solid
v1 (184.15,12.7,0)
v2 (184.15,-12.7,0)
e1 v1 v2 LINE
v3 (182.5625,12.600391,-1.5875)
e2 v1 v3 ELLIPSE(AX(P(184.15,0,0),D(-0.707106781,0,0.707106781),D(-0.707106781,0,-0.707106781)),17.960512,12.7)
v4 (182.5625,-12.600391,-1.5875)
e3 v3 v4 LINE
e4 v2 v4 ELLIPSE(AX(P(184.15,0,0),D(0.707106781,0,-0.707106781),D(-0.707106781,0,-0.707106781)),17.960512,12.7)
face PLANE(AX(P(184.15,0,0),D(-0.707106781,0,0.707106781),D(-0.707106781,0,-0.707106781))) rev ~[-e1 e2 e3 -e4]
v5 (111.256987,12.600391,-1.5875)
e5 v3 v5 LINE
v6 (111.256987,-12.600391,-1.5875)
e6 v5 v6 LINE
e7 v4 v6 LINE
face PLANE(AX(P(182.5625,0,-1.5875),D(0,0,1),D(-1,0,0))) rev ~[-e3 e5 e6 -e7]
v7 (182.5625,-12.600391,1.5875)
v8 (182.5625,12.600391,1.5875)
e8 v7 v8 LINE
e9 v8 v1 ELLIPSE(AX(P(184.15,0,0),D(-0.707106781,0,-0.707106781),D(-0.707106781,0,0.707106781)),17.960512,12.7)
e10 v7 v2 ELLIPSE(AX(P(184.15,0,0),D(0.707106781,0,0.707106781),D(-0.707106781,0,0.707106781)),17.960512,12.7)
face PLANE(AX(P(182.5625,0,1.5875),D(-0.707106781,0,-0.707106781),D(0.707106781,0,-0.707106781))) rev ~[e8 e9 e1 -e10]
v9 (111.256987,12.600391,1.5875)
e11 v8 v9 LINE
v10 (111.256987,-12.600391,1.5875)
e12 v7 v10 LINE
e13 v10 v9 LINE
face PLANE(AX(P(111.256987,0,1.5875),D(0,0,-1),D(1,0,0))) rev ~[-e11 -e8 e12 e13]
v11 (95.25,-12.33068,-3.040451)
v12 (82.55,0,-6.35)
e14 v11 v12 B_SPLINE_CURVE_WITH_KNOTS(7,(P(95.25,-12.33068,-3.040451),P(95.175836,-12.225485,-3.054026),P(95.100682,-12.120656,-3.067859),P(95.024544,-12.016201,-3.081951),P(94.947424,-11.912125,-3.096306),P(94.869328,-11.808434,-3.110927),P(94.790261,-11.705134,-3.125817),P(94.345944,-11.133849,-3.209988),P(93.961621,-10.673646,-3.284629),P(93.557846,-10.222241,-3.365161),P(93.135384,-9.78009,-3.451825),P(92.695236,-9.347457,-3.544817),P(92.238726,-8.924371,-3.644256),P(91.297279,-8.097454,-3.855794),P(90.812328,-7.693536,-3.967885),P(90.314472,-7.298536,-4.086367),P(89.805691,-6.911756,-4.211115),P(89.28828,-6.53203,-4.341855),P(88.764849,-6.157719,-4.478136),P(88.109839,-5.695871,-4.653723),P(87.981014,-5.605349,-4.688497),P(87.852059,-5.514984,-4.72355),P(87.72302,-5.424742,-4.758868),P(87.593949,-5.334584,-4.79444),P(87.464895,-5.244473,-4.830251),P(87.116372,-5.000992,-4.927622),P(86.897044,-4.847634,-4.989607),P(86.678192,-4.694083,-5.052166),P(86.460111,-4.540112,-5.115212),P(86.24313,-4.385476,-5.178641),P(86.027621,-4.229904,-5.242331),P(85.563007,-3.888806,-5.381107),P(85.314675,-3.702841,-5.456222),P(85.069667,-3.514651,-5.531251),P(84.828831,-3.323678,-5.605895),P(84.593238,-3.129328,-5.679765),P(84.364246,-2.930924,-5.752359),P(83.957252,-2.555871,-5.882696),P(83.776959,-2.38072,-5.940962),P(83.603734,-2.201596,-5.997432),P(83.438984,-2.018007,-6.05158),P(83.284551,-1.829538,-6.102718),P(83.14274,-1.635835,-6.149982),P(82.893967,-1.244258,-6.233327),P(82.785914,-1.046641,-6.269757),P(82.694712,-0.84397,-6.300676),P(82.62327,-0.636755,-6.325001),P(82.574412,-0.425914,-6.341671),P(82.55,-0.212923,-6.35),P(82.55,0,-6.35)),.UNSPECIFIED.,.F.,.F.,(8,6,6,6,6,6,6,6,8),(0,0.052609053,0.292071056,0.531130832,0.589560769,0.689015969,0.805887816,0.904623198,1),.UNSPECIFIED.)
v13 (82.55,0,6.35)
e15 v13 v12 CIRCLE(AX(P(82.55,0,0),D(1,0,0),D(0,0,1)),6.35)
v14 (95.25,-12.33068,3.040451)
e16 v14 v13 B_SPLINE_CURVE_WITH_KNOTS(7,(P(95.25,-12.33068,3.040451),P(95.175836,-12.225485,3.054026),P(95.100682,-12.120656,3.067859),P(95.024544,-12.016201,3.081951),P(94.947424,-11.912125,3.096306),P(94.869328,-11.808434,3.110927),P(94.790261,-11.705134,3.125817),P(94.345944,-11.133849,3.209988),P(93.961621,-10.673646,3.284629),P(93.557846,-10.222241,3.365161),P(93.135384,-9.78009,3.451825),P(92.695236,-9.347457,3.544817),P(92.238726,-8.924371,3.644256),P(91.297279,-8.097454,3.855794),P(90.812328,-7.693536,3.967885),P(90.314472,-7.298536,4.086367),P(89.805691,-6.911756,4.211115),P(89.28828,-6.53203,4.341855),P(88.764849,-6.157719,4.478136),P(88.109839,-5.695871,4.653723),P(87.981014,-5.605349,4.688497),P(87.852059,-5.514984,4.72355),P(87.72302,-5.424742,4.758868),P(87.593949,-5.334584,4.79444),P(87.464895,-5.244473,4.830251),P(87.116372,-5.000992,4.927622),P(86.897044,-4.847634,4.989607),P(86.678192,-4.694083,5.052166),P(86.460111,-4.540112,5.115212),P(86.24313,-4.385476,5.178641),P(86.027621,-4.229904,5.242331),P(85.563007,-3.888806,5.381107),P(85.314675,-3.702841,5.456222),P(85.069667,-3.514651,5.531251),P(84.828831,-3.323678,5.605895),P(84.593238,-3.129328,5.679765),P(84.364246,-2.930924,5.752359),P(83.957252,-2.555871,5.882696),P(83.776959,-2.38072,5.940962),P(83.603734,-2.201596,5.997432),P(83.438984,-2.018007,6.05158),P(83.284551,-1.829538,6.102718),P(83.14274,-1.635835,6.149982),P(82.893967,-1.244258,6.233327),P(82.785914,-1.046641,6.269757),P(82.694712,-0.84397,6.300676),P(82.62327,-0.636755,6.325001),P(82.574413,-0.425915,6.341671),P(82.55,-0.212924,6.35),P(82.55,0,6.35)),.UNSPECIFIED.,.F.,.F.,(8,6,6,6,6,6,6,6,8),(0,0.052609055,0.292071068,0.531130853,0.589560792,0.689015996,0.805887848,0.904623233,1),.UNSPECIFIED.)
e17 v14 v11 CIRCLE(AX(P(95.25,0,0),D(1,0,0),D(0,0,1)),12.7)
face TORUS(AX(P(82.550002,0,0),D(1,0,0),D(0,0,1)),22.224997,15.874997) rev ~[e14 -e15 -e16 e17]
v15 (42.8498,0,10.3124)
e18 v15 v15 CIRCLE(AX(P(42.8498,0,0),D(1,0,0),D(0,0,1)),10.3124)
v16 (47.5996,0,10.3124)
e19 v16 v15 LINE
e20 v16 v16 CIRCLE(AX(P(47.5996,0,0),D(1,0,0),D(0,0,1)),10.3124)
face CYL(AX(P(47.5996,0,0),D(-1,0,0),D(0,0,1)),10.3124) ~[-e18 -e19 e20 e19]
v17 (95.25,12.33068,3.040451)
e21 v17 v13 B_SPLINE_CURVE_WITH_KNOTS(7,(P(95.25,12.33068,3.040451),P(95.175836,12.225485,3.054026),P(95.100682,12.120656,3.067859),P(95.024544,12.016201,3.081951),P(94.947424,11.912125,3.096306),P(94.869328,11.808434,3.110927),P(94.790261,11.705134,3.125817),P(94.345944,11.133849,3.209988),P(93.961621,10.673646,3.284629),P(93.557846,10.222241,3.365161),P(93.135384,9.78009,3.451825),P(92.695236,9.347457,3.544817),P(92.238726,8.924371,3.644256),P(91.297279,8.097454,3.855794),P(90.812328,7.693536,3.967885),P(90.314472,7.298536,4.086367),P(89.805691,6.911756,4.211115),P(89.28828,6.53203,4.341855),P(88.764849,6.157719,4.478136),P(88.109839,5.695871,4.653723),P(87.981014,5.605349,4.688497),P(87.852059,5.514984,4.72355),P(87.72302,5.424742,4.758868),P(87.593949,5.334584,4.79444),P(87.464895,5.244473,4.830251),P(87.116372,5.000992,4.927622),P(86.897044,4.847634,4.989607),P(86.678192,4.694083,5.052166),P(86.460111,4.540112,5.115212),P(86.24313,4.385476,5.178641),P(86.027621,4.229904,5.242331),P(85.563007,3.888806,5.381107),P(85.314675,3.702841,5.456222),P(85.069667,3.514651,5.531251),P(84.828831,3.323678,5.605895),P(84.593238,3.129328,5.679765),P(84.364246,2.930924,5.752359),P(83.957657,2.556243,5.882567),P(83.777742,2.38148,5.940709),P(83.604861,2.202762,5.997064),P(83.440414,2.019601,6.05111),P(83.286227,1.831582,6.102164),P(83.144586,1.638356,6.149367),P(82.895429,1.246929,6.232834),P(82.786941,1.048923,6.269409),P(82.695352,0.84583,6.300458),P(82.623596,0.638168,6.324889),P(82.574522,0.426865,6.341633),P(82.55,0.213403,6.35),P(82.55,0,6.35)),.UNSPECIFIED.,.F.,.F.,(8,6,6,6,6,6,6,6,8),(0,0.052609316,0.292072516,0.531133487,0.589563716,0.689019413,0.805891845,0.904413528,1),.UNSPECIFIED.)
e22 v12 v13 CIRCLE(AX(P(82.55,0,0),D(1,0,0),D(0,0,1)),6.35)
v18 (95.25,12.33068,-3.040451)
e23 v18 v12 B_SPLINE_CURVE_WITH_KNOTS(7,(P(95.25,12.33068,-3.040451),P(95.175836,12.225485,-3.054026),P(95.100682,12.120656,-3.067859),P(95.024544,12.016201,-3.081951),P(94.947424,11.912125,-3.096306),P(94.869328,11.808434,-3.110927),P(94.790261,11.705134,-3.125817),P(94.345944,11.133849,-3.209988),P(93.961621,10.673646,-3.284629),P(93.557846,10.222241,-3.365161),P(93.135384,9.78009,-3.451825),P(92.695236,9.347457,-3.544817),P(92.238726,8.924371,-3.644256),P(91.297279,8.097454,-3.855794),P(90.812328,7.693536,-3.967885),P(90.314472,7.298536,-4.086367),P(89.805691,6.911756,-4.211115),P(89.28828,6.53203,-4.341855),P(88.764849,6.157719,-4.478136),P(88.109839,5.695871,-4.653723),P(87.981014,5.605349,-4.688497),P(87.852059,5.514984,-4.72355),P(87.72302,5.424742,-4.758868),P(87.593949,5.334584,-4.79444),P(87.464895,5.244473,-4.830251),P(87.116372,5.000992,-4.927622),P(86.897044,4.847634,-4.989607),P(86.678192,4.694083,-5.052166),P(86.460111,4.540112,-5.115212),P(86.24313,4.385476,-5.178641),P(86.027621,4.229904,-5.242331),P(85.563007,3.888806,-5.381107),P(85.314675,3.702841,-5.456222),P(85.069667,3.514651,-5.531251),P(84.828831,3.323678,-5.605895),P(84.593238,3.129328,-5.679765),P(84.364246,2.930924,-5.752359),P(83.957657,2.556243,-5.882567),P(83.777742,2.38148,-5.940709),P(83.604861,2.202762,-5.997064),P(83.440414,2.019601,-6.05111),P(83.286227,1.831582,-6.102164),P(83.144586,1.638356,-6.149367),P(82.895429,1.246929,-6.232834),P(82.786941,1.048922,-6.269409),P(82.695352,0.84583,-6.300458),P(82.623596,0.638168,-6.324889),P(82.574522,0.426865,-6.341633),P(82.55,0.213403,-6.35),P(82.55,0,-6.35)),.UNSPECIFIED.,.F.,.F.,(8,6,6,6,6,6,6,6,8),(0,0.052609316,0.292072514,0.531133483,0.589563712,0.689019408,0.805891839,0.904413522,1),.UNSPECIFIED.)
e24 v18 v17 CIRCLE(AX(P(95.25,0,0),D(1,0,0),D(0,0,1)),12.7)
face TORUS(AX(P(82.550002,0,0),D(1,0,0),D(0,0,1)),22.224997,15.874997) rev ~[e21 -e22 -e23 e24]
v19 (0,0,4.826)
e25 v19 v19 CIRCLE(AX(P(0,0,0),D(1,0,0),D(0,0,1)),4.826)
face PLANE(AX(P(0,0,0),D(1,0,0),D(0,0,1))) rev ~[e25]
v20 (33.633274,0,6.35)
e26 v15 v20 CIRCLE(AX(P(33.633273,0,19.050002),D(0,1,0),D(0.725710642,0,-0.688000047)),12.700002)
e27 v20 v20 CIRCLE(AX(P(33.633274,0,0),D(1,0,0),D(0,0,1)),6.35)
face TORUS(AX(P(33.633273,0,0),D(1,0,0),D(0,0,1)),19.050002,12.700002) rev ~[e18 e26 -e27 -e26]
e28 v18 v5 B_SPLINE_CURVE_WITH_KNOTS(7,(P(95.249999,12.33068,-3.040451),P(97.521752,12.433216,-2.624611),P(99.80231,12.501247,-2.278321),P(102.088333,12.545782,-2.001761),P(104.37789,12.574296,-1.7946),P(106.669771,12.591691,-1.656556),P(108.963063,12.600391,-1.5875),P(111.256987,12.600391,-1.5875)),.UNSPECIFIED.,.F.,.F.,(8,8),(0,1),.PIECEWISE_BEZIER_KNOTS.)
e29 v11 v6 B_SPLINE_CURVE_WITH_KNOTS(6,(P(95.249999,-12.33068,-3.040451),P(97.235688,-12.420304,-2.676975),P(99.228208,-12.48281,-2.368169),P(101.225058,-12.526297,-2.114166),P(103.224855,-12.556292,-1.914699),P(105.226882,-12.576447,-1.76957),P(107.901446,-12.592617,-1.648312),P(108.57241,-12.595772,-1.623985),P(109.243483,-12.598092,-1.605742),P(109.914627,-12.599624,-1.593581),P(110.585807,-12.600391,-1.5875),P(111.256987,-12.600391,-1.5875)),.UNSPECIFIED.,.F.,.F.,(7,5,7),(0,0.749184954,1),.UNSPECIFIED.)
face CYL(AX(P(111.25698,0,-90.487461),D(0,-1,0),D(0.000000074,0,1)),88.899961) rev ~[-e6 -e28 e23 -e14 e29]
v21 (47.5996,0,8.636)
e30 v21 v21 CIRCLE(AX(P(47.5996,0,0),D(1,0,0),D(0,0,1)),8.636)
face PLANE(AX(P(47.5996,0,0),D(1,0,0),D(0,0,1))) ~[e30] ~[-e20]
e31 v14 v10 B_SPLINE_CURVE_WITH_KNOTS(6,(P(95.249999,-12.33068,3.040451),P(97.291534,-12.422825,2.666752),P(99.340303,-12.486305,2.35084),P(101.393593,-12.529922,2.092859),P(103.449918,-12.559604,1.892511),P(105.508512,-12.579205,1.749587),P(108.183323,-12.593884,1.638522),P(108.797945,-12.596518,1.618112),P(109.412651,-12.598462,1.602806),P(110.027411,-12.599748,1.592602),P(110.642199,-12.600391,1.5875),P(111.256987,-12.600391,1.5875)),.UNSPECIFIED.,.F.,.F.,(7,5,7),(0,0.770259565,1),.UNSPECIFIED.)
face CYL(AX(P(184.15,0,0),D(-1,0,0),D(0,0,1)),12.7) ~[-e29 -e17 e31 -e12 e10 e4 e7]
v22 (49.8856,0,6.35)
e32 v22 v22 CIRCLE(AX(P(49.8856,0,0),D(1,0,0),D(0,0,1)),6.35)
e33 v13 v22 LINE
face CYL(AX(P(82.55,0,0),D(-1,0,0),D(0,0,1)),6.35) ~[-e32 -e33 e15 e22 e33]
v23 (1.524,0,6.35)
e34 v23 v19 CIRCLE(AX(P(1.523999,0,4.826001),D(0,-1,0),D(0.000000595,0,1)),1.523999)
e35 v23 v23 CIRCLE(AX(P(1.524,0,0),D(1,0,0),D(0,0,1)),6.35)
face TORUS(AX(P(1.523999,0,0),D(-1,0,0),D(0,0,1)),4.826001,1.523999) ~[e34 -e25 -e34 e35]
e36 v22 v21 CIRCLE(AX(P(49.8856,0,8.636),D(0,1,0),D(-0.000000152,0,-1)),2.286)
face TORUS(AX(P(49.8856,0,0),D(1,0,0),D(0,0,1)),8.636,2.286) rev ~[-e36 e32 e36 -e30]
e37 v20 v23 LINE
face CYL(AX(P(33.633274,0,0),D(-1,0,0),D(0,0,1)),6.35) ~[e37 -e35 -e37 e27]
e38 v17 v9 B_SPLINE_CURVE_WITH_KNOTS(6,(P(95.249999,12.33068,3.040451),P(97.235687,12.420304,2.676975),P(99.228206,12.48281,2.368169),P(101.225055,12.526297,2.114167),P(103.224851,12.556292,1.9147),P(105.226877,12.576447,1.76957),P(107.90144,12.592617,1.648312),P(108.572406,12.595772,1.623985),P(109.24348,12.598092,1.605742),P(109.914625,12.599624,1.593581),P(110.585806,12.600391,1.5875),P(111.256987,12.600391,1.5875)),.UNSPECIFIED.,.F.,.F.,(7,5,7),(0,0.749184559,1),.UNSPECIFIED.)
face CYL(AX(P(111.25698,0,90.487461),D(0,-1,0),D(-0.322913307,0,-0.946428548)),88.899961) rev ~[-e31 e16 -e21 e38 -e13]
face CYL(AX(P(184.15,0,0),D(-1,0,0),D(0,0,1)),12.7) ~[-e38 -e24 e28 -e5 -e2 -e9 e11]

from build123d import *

# Parameters (mm, degrees)
F3_DEPTH = 48.514
F4_DEPTH = 25.4


with BuildPart() as f1:
    # F0 (on Front) → F1 (revolve)
    with BuildSketch(Plane.XZ):
        with BuildLine():
            Line((0, 4.826), (0, 0))
            Line((0, 0), (184.15, 0))
            Line((184.15, 0), (184.15, 12.7))
            Line((184.15, 12.7), (95.25, 12.7))
            ThreePointArc((95.25, 12.7), (89.649516, 8.025968), (82.55, 6.35))
            Line((82.55, 6.35), (49.8856, 6.35))
            ThreePointArc((49.8856, 6.35), (48.269154, 7.019554), (47.5996, 8.636))
            Line((47.5996, 8.636), (47.5996, 10.3124))
            Line((47.5996, 10.3124), (42.8498, 10.3124))
            ThreePointArc((42.8498, 10.3124), (38.649372, 7.382577), (33.633274, 6.35))
            Line((33.633274, 6.35), (1.524, 6.35))
            ThreePointArc((1.524, 6.35), (0.446369, 5.903631), (0, 4.826))
        make_face()
    revolve(axis=Axis((92.075, 0, 0), (1, 0, 0)))

    # F2 (on Front) → F3 (cut)
    with BuildSketch(Plane.XZ):
        with BuildLine():
            ThreePointArc((82.55, 6.35), (96.707309, 2.786206), (111.256987, 1.5875))
            Line((111.256987, 1.5875), (182.5625, 1.5875))
            Line((182.5625, 1.5875), (184.15, 0))
            Line((184.15, 0), (191.210642, 49.445584))
            Line((191.210642, 49.445584), (82.55, 49.445584))
            Line((82.55, 49.445584), (82.55, 6.35))
        make_face()
        with BuildLine():
            Line((191.210642, -49.445584), (184.15, 0))
            Line((184.15, 0), (182.5625, -1.5875))
            Line((182.5625, -1.5875), (111.256987, -1.5875))
            ThreePointArc((111.256987, -1.5875), (96.707309, -2.786206), (82.55, -6.35))
            Line((82.55, -6.35), (82.55, -49.445584))
            Line((82.55, -49.445584), (191.210642, -49.445584))
        make_face()
    extrude(amount=F3_DEPTH, mode=Mode.SUBTRACT)

    # F2 (on Front) → F4 (cut)
    with BuildSketch(Plane.XZ):
        with BuildLine():
            ThreePointArc((82.55, 6.35), (96.707309, 2.786206), (111.256987, 1.5875))
            Line((111.256987, 1.5875), (182.5625, 1.5875))
            Line((182.5625, 1.5875), (184.15, 0))
            Line((184.15, 0), (191.210642, 49.445584))
            Line((191.210642, 49.445584), (82.55, 49.445584))
            Line((82.55, 49.445584), (82.55, 6.35))
        make_face()
        with BuildLine():
            Line((191.210642, -49.445584), (184.15, 0))
            Line((184.15, 0), (182.5625, -1.5875))
            Line((182.5625, -1.5875), (111.256987, -1.5875))
            ThreePointArc((111.256987, -1.5875), (96.707309, -2.786206), (82.55, -6.35))
            Line((82.55, -6.35), (82.55, -49.445584))
            Line((82.55, -49.445584), (191.210642, -49.445584))
        make_face()
    extrude(amount=-F4_DEPTH, mode=Mode.SUBTRACT)


solid = f1.part
